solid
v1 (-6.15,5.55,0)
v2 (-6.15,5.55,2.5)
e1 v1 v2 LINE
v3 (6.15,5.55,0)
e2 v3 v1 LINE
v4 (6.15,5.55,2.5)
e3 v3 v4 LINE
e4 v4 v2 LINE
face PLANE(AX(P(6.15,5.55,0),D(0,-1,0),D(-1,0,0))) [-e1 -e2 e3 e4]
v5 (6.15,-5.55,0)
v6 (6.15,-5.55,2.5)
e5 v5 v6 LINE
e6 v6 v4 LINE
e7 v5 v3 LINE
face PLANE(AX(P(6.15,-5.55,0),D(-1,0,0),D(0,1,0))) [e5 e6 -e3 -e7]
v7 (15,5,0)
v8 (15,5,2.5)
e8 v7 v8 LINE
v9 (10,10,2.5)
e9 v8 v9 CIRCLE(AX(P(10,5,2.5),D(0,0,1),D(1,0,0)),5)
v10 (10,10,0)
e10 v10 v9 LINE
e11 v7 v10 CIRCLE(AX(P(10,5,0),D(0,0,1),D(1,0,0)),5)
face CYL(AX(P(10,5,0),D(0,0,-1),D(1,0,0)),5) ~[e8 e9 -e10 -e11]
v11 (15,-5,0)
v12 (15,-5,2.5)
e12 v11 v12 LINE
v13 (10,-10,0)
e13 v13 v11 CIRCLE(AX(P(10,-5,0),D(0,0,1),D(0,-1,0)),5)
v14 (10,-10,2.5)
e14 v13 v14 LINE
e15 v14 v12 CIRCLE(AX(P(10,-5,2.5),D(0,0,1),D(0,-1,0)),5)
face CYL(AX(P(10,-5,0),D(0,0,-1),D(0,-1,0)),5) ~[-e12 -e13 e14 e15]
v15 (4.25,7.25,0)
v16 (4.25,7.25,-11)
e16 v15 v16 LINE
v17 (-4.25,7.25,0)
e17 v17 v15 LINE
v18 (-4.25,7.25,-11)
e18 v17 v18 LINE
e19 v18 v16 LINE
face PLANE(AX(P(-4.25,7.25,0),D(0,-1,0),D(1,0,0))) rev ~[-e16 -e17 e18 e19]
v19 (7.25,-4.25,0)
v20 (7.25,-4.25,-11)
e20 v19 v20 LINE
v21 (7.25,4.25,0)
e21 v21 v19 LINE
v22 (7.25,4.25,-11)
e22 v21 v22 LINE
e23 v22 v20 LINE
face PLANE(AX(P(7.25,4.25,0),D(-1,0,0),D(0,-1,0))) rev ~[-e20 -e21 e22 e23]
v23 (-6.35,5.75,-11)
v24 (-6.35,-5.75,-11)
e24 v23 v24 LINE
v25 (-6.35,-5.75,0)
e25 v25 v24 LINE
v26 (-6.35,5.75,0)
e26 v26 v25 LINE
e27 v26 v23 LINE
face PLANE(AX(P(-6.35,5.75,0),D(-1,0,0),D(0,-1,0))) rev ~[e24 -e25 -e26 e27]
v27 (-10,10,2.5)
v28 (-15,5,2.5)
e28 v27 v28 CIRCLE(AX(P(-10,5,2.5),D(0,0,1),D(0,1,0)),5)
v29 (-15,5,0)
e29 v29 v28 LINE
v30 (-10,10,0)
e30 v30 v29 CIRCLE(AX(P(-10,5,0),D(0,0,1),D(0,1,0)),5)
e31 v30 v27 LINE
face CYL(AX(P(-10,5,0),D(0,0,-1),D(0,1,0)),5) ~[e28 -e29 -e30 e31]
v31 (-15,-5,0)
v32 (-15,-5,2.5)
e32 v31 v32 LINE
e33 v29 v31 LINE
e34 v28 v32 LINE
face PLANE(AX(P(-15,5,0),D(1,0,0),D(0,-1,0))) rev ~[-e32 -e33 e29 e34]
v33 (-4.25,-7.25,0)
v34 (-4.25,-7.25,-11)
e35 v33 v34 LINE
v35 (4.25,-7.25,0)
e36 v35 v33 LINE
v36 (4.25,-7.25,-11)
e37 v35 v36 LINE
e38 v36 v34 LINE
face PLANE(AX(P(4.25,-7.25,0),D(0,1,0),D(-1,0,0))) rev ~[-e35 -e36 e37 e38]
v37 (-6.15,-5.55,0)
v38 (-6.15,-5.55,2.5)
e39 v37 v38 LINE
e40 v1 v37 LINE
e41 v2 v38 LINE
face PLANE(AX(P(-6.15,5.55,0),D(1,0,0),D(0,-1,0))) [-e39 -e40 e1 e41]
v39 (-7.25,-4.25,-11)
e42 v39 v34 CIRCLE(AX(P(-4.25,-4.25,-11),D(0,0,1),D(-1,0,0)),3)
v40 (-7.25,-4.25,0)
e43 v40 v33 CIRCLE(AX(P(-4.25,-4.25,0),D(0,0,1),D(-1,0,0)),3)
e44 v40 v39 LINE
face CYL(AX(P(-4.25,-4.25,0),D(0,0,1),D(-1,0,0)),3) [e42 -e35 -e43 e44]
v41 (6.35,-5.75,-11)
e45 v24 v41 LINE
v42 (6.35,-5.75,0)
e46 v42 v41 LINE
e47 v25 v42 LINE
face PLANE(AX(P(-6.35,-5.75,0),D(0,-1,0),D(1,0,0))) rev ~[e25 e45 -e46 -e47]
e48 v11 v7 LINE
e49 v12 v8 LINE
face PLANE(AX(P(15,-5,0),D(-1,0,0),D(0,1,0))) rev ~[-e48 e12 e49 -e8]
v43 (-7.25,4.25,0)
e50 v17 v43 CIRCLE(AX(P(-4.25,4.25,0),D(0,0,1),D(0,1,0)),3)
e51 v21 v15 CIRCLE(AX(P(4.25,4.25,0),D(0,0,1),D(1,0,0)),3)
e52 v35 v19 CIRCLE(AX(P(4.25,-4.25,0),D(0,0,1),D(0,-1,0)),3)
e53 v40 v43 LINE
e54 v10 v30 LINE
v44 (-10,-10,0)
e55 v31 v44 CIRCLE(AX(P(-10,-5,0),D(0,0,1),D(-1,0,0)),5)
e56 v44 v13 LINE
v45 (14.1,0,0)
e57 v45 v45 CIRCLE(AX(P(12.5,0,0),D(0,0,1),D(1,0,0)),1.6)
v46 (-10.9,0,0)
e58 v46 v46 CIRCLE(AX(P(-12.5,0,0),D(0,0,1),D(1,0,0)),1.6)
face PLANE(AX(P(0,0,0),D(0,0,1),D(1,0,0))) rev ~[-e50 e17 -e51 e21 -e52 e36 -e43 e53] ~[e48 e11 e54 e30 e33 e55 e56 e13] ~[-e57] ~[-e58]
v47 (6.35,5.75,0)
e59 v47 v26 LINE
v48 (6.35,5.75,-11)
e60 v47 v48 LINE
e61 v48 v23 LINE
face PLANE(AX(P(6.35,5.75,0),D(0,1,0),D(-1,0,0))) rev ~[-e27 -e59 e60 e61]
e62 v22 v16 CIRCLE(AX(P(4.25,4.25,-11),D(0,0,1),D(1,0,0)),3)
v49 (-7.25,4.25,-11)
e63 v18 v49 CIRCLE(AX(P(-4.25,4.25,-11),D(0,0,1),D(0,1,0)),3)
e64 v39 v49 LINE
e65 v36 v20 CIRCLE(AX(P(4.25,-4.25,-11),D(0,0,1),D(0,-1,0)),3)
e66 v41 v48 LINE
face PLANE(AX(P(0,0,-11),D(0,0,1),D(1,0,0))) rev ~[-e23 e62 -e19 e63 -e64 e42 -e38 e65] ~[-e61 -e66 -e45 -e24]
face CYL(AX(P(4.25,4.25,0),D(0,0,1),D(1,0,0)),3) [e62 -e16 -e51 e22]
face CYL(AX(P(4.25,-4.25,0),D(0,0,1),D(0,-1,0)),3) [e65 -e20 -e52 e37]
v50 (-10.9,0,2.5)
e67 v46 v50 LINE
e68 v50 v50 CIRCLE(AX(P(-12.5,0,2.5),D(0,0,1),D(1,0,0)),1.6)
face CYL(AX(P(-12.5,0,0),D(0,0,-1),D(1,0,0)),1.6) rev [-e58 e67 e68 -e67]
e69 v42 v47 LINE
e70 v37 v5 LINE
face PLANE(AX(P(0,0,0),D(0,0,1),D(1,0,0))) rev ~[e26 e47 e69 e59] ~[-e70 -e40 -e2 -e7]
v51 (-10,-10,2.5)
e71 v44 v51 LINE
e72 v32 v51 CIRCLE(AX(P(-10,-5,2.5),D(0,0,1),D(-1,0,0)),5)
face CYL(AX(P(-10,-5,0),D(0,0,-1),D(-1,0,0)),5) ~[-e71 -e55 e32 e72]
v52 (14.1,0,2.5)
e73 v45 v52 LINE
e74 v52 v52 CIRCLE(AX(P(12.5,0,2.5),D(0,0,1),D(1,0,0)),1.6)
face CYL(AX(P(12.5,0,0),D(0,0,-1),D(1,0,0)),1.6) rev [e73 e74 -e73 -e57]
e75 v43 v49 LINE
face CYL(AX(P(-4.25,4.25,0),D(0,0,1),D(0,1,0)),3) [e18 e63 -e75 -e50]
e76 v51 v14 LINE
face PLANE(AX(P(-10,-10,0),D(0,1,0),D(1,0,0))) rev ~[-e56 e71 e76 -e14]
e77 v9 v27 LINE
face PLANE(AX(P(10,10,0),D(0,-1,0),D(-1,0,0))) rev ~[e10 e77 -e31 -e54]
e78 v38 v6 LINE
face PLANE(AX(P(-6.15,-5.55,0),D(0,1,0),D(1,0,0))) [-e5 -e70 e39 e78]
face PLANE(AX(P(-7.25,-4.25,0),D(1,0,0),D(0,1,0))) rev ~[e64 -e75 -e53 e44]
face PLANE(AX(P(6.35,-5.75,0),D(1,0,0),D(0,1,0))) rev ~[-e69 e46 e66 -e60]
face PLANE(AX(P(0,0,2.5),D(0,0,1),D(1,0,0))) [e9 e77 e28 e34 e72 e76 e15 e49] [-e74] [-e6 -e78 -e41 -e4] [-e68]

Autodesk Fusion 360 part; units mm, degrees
sketch "Sketch1" plane through (0, 0, 0) normal (0, 0, 1) x (1, 0, 0)
  line L0 (-4.25, 7.25) -> (4.25, 7.25)
  line L1 (7.25, 4.25) -> (7.25, -4.25)
  line L2 (4.25, -7.25) -> (-4.25, -7.25)
  line L3 (-7.25, -4.25) -> (-7.25, 4.25)
  line L4 (-7.25, 7.25) -> (7.25, -7.25) construction
  line L5 (7.25, 7.25) -> (-7.25, -7.25) construction
  arc A0 (-4.25, 7.25) -> (-7.25, 4.25) centre (-4.25, 4.25) ccw
  arc A1 (-7.25, -4.25) -> (-4.25, -7.25) centre (-4.25, -4.25) ccw
  arc A2 (4.25, -7.25) -> (7.25, -4.25) centre (4.25, -4.25) ccw
  arc A3 (7.25, 4.25) -> (4.25, 7.25) centre (4.25, 4.25) ccw
  line L6 (10, 10) -> (-10, 10)
  line L7 (-15, 5) -> (-15, -5)
  line L8 (-10, -10) -> (10, -10)
  line L9 (15, -5) -> (15, 5)
  line L10 (15, 10) -> (-15, -10) construction
  line L11 (-15, 10) -> (15, -10) construction
  arc A4 (15, 5) -> (10, 10) centre (10, 5) ccw
  arc A5 (-10, 10) -> (-15, 5) centre (-10, 5) ccw
  arc A6 (-15, -5) -> (-10, -10) centre (-10, -5) ccw
  arc A7 (10, -10) -> (15, -5) centre (10, -5) ccw
  circle A8 centre (-12.5, 0) radius 1.6
  line L12 (0, 0) -> (0, 5.6259) construction
  circle A9 centre (12.5, 0) radius 1.6
  line L13 (-3, 4.4279) -> (-3, -3.4951) construction
  line L14 (6.15, 5.55) -> (-6.15, 5.55)
  line L15 (-6.15, 5.55) -> (-6.15, -5.55)
  line L16 (-6.15, -5.55) -> (6.15, -5.55)
  line L17 (6.15, -5.55) -> (6.15, 5.55)
  line L18 (6.15, 5.55) -> (-6.15, -5.55) construction
  line L19 (-6.15, 5.55) -> (6.15, -5.55) construction
  line L20 (-6.35, -5.75) -> (6.35, -5.75)
  line L21 (6.35, -5.75) -> (6.35, 5.75)
  line L22 (6.35, 5.75) -> (-6.35, 5.75)
  line L23 (-6.35, 5.75) -> (-6.35, -5.75)
  dimension "d1" = 14.5
  dimension "d2" = 14.5
  dimension "d3" = 3
  dimension "d4" = 30
  dimension "d5" = 20
  dimension "d6" = 5
  dimension "d7" = 3.2
  dimension "d17" = 12.5
  dimension "d21" = 12.3
  dimension "d22" = 11.1
  dimension "d23" = 0.2
extrude "Extrude1" add sketch "Sketch1" along normal blind 2.5 contours L0 L1 L2 L3 A0 A1 A2 A3 | L6 L7 L8 L9 A4 A5 A6 A7 | L20 L21 L22 L23
extrude "Extrude2" add sketch "Sketch1" against normal blind 11 contours L0 L1 L2 L3 A0 A1 A2 A3
